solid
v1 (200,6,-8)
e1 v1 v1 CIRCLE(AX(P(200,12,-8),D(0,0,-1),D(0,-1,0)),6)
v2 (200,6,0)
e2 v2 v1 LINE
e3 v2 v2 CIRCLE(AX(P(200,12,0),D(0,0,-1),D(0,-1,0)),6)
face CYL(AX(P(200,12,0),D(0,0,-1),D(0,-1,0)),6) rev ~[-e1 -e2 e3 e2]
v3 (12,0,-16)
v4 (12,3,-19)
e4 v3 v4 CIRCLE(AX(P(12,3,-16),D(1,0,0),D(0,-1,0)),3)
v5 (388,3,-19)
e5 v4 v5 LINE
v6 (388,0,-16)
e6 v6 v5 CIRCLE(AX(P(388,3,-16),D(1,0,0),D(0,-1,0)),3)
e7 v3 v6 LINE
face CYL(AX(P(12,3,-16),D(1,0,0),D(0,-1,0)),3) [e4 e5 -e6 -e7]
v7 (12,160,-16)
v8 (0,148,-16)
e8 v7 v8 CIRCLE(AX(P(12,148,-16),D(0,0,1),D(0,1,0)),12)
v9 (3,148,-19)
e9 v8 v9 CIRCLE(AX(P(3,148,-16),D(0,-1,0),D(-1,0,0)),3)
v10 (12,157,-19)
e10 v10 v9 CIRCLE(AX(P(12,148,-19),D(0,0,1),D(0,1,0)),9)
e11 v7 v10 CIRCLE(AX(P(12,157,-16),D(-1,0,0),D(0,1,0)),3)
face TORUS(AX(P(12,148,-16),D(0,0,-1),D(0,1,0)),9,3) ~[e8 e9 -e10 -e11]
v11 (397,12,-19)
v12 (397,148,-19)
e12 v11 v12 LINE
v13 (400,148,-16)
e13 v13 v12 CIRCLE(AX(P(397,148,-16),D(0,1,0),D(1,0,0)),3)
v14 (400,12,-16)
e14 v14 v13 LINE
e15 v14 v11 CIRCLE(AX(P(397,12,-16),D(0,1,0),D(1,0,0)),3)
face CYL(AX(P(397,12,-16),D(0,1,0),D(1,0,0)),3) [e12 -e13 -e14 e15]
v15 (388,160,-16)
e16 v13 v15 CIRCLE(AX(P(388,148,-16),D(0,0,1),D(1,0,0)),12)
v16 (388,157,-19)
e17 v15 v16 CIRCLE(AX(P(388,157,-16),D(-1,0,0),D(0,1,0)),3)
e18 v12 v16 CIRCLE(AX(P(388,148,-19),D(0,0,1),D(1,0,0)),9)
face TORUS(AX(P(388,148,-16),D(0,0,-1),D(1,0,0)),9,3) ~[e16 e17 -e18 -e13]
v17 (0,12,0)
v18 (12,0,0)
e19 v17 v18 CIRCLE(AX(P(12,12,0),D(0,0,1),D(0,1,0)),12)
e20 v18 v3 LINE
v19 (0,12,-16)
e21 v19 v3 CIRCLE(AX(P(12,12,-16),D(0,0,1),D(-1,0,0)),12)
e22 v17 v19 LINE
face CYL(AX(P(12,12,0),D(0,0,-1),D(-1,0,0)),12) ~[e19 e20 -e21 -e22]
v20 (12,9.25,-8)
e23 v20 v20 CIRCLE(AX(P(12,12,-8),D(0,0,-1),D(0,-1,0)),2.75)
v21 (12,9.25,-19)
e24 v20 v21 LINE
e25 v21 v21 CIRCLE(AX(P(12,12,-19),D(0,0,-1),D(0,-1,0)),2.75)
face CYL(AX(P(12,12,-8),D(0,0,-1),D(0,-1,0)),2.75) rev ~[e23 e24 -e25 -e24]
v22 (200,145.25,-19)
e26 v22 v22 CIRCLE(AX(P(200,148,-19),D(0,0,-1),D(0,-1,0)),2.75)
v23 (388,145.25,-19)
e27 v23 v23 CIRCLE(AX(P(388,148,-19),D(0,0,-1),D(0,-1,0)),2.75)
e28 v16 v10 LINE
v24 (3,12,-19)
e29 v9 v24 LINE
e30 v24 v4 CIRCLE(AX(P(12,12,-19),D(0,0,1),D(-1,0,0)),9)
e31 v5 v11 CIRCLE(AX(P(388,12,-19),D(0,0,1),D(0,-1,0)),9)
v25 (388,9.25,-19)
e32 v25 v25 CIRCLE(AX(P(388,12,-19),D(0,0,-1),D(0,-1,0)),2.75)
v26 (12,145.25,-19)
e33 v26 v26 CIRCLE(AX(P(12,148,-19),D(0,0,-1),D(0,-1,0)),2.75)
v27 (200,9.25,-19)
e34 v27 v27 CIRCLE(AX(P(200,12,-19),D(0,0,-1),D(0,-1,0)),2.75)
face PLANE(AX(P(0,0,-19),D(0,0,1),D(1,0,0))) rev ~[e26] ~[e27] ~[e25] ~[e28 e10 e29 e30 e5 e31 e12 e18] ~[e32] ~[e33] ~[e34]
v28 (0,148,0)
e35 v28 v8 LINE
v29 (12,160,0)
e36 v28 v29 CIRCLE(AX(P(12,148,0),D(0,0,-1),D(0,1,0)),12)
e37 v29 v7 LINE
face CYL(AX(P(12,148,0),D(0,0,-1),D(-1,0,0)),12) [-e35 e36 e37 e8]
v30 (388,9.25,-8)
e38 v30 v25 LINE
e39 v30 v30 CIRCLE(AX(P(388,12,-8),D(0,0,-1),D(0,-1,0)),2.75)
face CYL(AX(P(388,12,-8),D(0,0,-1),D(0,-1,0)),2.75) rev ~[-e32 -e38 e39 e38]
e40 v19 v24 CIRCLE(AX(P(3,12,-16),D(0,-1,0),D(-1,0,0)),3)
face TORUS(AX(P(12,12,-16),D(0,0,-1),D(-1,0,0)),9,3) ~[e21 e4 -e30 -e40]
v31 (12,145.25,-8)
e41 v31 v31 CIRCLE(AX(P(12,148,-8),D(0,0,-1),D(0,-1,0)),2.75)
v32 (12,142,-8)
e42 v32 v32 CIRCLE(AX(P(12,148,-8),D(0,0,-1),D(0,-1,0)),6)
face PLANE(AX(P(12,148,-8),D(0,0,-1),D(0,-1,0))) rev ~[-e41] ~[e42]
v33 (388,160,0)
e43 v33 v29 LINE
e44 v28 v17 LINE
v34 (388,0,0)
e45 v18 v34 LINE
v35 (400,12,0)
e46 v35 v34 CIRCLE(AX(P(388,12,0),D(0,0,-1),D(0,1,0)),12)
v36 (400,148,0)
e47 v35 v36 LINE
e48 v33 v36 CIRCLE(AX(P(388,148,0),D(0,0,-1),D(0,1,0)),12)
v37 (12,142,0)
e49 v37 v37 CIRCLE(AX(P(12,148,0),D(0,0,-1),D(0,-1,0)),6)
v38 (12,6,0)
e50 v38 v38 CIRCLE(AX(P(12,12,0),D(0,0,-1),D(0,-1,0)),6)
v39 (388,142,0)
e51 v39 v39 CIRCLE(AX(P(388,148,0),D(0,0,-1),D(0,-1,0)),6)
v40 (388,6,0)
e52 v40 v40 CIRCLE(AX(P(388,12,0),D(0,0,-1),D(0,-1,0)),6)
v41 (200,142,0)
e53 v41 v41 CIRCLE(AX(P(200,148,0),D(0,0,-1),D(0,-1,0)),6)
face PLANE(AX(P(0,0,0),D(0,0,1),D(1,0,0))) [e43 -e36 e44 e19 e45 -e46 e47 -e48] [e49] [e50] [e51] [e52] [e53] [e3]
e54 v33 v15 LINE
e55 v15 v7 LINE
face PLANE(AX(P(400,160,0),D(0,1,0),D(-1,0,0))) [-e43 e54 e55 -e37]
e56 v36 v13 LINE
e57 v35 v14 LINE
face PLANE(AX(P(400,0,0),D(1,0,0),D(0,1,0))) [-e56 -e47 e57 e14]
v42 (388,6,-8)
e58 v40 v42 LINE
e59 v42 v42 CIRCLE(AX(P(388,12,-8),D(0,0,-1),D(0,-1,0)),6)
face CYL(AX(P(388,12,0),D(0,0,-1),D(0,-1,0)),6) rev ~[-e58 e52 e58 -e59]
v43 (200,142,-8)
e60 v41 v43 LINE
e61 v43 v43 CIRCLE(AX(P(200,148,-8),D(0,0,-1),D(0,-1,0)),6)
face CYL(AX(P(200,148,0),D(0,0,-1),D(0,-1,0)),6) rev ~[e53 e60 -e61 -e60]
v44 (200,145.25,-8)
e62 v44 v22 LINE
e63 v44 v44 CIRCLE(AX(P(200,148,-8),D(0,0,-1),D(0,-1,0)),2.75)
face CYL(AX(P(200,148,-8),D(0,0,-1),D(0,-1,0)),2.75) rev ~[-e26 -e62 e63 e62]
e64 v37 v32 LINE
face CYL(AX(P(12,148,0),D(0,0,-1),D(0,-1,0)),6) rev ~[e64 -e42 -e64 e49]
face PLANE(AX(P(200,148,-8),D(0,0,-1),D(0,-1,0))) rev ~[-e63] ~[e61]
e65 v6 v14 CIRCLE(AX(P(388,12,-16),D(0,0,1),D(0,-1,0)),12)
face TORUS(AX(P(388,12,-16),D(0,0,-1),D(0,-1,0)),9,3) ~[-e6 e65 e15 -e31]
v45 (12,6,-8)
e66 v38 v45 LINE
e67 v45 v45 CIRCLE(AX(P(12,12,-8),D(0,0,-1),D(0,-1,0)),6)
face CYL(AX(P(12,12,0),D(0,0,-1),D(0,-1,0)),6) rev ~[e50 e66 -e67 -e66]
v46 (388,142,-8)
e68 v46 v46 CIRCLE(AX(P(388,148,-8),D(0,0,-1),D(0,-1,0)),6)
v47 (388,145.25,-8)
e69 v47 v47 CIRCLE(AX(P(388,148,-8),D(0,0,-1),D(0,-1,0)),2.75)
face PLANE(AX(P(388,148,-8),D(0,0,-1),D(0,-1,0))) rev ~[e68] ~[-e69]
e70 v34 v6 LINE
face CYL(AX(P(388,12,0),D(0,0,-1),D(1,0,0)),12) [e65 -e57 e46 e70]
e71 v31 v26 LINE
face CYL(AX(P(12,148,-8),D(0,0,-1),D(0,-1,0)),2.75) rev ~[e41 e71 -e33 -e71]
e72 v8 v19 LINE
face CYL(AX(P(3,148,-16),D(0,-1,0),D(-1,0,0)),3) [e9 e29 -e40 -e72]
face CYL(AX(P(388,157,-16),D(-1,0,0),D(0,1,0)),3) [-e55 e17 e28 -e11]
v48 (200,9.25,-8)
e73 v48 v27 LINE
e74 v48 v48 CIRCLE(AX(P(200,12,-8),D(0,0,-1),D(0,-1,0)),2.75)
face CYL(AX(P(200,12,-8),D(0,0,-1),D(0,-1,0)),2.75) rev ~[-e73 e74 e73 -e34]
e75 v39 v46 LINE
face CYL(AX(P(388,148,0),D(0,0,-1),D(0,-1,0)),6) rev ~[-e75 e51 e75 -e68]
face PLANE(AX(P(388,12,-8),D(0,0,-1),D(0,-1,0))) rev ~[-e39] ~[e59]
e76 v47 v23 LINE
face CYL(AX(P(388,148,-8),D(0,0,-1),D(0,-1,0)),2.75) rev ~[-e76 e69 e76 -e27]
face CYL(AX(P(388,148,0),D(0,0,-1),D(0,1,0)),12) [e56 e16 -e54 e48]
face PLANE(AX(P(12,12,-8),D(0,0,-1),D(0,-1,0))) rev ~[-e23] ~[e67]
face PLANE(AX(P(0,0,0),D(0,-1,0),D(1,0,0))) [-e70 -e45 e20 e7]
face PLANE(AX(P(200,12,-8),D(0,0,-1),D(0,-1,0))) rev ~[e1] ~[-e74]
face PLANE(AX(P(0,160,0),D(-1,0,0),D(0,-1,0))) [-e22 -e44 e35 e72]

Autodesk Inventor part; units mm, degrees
ref_plane "YZ Plane" through (0, 0, 0) normal (1, 0, 0) x (0, 1, 0)
ref_plane "XZ Plane" through (0, 0, 0) normal (0, 1, 0) x (-1, 0, 0)
ref_plane "XY Plane" through (0, 0, 0) normal (0, 0, 1) x (1, 0, 0)
sketch "Sketch1" plane through (0, 0, 0) normal (0, 0, 1) x (1, 0, 0)
  line L0 (0, 0) -> (400, 0)
  line L1 (400, 0) -> (400, 160)
  line L2 (400, 160) -> (0, 160)
  line L3 (0, 160) -> (0, 0)
  dimension "d0" = 400
  dimension "d1" = 160
extrude "Extrusion1" add sketch "Sketch1" against normal blind 19
fillet "Fillet1" radius 12 4 edges at (400, 160, -9.5) (400, 0, -9.5) (0, 0, -9.5) (0, 160, -9.5)
fillet "Fillet2" radius 3 8 edges at (3.5147, 3.5147, -19) (0, 80, -19) (3.5147, 156.4853, -19) (200, 160, -19) (396.4853, 156.4853, -19) (400, 80, -19) (396.4853, 3.5147, -19) (200, 0, -19)
sketch "Sketch3" plane through (0, 0, 0) normal (0, 0, 1) x (1, 0, 0)
  arc A0 (12, 160) -> (0, 148) centre (12, 148) ccw projected
  line L0 (0, 148) -> (0, 12) projected
  arc A1 (0, 12) -> (12, 0) centre (12, 12) ccw projected
  arc A2 (388, 0) -> (400, 12) centre (388, 12) ccw projected
  line L1 (400, 12) -> (400, 148) projected
  arc A3 (400, 148) -> (388, 160) centre (388, 148) ccw projected
  point P0 (0, 0)
  point P1 (200, 148)
  point P2 (200, 12)
  point P3 (0, 80)
  point P4 (400, 80)
  dimension "d18" = 188
  dimension "d19" = 188
  dimension "d20" = 68
  dimension "d21" = 68
hole "Hole2" at (12, 148, 0) at (200, 148, 0) at (388, 148, 0) at (388, 12, 0) at (200, 12, 0) at (12, 12, 0) direction (0, 0, -1) diameter 5.5 end through all counterbore diameter 12 counterbore depth 8
properties part number "35 - Wooden Base" material "Wood (Maple)"
